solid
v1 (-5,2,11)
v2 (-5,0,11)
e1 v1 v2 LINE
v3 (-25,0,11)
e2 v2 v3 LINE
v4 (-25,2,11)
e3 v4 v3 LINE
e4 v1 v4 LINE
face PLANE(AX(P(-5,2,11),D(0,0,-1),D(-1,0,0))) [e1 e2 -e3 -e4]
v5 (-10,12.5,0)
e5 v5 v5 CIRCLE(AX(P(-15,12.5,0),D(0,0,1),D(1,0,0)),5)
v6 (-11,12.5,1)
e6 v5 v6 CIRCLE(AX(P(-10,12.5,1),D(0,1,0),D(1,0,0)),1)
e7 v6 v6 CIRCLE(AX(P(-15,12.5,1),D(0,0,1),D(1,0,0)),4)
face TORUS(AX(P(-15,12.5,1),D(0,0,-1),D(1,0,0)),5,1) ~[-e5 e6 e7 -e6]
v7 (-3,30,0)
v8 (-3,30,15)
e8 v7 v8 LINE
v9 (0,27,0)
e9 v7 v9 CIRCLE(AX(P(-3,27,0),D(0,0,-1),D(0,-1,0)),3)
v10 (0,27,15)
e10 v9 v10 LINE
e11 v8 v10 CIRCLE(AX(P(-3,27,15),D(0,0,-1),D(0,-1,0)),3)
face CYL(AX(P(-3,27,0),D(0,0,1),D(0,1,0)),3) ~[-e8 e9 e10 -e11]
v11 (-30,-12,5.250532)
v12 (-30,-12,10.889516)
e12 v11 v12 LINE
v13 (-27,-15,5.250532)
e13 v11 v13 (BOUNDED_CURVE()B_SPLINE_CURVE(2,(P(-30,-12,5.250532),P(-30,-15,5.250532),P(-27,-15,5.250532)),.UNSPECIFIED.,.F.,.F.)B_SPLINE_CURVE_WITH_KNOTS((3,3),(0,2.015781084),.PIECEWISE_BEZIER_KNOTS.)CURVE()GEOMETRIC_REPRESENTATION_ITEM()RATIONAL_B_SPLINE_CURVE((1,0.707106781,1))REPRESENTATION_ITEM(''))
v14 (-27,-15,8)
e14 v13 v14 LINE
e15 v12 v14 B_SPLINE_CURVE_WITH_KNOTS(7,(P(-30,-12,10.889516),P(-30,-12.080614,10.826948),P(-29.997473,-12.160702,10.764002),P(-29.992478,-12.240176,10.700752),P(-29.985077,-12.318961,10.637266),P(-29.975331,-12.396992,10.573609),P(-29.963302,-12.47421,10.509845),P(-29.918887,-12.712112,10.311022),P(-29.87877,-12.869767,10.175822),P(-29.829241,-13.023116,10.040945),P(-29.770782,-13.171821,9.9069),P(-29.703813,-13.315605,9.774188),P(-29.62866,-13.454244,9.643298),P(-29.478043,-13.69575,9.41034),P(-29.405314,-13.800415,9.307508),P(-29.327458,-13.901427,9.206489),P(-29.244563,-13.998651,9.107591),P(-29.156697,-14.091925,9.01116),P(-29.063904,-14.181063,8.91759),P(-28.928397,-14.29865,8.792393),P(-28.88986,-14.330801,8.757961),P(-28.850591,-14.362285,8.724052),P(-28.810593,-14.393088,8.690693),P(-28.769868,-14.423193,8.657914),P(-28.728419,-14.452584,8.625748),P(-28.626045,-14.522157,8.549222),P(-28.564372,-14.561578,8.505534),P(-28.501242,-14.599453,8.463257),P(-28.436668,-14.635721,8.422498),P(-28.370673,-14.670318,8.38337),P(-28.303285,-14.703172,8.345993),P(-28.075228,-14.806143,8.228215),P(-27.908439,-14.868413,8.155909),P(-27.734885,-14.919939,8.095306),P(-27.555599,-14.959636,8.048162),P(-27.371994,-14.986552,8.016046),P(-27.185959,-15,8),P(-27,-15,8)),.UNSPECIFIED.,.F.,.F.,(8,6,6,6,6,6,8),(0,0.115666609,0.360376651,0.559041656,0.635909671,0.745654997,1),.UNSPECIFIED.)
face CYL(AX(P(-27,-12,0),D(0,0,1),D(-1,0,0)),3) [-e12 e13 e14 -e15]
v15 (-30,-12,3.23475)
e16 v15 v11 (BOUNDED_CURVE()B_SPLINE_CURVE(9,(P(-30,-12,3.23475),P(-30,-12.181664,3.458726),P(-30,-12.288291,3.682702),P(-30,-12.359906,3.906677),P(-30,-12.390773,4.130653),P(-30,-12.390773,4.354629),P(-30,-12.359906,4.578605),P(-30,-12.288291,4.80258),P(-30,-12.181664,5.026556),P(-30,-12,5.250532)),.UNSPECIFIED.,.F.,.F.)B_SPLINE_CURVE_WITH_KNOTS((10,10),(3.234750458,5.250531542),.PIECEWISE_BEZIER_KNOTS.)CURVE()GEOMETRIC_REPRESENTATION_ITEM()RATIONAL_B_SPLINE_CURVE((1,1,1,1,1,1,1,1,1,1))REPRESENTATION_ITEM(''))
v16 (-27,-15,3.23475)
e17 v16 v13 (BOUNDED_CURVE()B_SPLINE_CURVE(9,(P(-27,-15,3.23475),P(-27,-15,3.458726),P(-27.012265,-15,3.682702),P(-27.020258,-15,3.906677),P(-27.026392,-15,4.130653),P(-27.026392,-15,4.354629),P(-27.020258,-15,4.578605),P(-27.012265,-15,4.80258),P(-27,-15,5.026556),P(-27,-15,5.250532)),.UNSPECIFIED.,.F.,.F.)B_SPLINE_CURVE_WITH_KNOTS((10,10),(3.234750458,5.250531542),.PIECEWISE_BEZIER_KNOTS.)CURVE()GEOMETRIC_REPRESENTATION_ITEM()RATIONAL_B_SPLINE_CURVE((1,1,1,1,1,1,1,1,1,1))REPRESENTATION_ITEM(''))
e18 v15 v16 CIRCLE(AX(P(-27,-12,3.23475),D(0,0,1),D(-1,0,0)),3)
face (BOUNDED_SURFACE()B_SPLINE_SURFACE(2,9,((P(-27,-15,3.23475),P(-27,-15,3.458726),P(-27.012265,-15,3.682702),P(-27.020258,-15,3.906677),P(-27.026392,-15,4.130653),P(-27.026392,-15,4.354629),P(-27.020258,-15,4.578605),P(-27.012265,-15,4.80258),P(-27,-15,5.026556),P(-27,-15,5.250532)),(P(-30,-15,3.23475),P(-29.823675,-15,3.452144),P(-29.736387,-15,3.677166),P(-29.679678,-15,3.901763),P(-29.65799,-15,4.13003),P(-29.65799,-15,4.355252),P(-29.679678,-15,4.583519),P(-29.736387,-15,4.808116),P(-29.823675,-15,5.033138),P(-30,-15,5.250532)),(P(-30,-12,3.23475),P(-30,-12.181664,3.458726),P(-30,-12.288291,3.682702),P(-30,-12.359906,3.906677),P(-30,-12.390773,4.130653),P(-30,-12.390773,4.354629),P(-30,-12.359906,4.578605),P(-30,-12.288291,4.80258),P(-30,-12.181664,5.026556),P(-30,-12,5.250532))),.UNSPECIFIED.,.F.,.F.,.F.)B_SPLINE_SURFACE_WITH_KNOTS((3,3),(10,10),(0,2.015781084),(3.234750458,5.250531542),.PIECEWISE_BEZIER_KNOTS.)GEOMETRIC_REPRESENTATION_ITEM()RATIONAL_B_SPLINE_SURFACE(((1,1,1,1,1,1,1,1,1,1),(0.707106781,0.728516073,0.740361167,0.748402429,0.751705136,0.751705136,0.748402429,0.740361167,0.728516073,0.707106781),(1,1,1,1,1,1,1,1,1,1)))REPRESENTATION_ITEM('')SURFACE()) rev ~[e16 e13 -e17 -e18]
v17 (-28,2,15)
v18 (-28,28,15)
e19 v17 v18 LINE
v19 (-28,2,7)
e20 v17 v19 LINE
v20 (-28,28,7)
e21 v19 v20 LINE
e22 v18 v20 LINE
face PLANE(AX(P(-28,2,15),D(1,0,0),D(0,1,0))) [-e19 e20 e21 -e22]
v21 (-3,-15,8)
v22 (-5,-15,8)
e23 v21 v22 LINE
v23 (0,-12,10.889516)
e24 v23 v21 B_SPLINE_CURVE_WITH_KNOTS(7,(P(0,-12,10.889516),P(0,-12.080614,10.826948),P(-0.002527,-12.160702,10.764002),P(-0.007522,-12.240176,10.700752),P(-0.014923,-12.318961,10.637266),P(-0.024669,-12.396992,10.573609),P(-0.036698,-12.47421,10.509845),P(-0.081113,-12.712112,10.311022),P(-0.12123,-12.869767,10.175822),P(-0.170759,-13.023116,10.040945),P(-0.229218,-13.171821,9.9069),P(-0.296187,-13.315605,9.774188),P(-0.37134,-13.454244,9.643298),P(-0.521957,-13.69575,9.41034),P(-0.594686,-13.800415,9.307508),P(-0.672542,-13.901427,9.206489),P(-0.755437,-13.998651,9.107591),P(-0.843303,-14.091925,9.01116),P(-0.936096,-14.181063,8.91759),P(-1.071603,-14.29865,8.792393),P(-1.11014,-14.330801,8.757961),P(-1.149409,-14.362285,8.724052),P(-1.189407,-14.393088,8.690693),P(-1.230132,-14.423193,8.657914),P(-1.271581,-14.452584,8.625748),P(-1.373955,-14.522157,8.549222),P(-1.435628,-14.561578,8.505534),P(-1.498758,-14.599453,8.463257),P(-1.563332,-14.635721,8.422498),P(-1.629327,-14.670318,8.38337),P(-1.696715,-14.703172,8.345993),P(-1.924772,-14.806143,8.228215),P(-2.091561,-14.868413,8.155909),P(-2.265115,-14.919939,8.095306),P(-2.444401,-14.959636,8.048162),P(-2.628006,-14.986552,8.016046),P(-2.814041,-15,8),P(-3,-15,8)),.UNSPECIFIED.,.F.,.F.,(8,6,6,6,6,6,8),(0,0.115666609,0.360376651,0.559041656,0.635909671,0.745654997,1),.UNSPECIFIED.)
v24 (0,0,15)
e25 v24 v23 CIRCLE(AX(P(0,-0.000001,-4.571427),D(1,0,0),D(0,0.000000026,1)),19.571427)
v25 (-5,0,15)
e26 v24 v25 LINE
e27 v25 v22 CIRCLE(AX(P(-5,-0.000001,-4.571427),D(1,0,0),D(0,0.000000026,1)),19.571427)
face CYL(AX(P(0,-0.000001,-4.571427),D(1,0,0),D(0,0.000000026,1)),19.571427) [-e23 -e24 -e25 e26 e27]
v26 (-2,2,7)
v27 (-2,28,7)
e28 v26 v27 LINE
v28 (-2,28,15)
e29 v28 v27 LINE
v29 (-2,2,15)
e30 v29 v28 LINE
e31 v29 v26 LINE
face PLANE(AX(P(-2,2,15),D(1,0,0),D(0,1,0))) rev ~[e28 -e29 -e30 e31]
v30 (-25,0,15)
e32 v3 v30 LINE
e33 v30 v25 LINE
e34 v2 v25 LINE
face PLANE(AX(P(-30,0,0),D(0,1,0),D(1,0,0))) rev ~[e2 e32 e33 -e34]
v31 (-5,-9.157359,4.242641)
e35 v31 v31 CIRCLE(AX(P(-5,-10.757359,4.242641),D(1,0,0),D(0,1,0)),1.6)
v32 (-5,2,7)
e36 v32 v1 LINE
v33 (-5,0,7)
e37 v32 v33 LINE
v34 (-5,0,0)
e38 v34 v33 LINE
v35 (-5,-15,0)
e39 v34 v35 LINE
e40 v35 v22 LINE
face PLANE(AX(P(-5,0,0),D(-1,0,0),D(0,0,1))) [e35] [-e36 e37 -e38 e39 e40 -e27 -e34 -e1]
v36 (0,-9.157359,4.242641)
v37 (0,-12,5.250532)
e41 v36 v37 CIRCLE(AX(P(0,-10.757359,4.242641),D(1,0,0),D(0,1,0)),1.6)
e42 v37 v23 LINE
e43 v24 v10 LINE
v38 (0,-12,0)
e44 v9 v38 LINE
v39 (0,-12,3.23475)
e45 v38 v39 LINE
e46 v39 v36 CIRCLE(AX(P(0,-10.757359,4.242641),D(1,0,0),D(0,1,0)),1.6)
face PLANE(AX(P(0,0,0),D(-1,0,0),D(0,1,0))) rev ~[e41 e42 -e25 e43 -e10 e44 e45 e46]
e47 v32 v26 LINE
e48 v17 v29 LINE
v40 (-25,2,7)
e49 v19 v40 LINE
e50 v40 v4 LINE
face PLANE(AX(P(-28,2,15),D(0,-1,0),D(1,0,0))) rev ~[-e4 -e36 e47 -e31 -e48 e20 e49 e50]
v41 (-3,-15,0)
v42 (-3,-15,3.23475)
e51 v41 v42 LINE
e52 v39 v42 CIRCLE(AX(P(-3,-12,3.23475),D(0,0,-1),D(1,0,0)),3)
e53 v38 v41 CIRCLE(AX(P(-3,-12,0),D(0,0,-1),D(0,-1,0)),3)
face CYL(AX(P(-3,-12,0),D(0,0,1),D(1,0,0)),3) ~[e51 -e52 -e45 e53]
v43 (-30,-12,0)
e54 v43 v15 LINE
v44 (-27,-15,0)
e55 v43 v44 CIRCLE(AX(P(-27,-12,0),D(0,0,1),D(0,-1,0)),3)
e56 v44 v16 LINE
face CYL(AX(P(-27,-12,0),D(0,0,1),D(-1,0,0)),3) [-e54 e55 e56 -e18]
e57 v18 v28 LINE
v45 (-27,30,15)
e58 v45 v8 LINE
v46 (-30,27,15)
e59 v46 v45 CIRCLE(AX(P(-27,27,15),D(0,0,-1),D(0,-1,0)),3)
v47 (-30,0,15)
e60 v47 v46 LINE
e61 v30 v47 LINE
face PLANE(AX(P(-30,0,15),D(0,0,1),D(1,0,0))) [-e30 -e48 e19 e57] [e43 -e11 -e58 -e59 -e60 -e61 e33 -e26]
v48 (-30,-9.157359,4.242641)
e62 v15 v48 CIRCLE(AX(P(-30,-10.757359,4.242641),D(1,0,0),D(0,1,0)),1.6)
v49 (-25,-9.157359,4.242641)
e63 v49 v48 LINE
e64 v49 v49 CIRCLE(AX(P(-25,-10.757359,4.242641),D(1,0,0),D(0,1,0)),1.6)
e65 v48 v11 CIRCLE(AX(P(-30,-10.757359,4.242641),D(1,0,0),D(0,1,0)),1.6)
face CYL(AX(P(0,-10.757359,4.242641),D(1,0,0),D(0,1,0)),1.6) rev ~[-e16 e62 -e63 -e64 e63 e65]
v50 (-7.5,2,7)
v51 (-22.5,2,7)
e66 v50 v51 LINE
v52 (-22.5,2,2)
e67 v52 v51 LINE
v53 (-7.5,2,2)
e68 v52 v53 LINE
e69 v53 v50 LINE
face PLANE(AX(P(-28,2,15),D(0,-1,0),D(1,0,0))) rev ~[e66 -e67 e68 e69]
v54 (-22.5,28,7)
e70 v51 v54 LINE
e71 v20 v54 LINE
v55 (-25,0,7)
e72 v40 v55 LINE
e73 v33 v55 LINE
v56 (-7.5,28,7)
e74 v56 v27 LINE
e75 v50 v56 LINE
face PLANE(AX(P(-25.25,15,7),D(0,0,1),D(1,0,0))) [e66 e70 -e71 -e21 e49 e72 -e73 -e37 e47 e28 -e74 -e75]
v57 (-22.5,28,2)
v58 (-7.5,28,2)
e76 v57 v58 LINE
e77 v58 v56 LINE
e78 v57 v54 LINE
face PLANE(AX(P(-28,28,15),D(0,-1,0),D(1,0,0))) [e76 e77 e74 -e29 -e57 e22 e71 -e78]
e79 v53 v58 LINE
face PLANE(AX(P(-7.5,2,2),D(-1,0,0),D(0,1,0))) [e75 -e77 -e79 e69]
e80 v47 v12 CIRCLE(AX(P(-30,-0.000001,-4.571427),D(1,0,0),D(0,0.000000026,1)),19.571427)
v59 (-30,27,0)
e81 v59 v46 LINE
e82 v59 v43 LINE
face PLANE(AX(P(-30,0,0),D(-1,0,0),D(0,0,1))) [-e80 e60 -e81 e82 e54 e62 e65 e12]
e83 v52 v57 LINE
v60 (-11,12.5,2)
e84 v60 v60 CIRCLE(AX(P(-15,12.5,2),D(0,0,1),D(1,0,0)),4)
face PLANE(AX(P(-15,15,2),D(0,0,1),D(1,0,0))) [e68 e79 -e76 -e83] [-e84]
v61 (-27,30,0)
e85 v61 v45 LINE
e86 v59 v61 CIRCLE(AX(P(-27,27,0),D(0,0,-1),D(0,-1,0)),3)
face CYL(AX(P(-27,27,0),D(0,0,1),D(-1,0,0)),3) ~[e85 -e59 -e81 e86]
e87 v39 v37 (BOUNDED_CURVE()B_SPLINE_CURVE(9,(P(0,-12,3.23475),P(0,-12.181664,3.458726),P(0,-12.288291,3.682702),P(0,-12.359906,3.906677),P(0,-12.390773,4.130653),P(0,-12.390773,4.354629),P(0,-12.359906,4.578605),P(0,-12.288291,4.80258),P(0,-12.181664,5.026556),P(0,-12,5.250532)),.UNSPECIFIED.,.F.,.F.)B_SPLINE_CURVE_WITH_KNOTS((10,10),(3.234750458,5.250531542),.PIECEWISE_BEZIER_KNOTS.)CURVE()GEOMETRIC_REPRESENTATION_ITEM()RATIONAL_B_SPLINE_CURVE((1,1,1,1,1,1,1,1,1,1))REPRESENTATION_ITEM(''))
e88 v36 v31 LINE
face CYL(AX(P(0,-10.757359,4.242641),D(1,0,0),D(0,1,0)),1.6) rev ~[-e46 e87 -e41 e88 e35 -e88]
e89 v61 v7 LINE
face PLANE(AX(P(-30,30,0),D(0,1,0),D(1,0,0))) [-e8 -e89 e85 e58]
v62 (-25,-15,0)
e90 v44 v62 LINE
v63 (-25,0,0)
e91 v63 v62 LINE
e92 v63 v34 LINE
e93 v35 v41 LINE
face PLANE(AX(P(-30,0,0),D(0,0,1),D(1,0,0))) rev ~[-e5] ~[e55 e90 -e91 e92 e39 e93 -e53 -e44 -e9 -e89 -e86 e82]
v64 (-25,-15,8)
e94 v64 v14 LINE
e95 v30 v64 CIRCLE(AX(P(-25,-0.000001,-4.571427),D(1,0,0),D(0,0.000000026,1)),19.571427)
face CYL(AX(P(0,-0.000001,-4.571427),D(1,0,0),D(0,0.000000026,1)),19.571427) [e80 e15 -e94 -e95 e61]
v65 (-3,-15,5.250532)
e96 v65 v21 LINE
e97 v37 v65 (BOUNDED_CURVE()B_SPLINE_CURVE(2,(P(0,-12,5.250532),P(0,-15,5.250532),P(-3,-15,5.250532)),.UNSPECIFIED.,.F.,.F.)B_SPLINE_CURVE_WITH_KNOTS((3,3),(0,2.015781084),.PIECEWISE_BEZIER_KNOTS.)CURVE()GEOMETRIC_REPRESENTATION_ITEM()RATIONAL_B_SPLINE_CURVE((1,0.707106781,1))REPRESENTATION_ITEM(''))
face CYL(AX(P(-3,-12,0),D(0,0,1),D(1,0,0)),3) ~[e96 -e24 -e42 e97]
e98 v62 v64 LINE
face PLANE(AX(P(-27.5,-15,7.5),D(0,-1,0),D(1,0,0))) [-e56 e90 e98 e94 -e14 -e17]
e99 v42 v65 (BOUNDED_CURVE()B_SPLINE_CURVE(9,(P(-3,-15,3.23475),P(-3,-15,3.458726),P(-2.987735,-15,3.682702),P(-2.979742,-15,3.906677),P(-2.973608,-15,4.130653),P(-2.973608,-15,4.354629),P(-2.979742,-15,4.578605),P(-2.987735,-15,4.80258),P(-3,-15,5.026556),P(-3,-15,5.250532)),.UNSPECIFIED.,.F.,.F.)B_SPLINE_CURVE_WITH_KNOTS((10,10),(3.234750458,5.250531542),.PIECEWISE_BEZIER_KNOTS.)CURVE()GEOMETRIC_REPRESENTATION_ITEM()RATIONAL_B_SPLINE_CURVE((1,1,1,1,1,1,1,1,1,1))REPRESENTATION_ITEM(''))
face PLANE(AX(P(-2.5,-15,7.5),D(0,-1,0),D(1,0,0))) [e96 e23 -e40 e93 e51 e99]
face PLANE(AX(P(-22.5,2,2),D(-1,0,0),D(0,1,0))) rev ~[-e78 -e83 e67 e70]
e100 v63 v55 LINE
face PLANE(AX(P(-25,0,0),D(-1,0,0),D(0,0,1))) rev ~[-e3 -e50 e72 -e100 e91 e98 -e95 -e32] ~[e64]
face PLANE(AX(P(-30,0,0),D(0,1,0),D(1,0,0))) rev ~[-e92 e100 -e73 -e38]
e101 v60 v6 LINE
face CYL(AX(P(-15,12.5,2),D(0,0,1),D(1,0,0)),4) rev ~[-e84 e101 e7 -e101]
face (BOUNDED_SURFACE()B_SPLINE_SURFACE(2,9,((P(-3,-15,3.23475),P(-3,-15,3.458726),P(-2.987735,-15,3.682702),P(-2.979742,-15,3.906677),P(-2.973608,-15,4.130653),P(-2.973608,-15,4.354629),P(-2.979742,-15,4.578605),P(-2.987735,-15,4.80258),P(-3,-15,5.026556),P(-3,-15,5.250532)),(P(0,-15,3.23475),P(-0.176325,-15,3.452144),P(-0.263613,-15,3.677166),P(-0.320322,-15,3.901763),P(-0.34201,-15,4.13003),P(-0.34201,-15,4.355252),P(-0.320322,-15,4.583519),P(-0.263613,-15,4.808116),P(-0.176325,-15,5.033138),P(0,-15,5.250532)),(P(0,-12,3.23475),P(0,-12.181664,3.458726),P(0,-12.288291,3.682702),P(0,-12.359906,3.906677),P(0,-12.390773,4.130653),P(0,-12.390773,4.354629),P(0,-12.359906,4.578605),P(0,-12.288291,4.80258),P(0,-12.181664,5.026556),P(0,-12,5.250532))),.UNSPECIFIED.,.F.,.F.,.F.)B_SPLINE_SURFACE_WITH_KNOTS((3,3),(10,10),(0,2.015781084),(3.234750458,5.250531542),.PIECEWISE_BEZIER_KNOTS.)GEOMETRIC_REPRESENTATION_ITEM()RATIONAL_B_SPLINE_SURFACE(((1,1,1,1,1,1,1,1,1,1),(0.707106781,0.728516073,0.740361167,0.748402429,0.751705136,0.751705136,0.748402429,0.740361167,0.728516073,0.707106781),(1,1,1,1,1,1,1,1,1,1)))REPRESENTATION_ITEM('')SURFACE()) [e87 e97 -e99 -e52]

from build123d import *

# Parameters (mm, degrees)
SKETCH_W        = 30
SKETCH_H        = 30
PAD_DEPTH       = 15
SKETCH001_W     = 26
SKETCH001_H     = 26
POCKET_DEPTH    = 13
SKETCH002_W     = 5.5
SKETCH002_H     = 26
PAD001_DEPTH    = 5
SKETCH003_W     = 20
SKETCH003_H     = 4
POCKET001_DEPTH = 5
SKETCH004_R     = 4
POCKET002_DEPTH = 5
SKETCH005_W     = 5
SKETCH005_H     = 15
PAD002_DEPTH    = 15
SKETCH006_R     = 1.6
POCKET003_DEPTH = 30.001
FILLET_R        = 3
FILLET001_R     = 3
FILLET002_R     = 1


with BuildPart() as part:
    # Sketch → Pad (new body)
    with BuildSketch(Plane.XY):
        with Locations((-15, 15)):
            Rectangle(SKETCH_W, SKETCH_H)
    extrude(amount=PAD_DEPTH)

    # Sketch001 (on Face6 of Pad) → Pocket (cut)
    with BuildSketch(Plane.XY.offset(15)):
        with Locations((-15, 15)):
            Rectangle(SKETCH001_W, SKETCH001_H)
    extrude(amount=-POCKET_DEPTH, mode=Mode.SUBTRACT)

    # Sketch002 (on Face11 of Pocket) → Pad001 (join)
    with BuildSketch(Plane.XY.offset(2)):
        with Locations((-25.25, 15)):
            Rectangle(SKETCH002_W, SKETCH002_H)
        with Locations((-4.75, 15)):
            Rectangle(SKETCH002_W, SKETCH002_H)
    extrude(amount=PAD001_DEPTH)

    # Sketch003 (on Face9 of Pad001) → Pocket001 (cut)
    with BuildSketch(Plane(origin=(0, 2, 0), x_dir=(-1, 0, 0), z_dir=(0, 1, 0))):
        with Locations((15, 9)):
            Rectangle(SKETCH003_W, SKETCH003_H)
    extrude(amount=-POCKET001_DEPTH, mode=Mode.SUBTRACT)

    # Sketch004 (on Face19 of Pocket001) → Pocket002 (cut)
    with BuildSketch(Plane.XY.offset(2)):
        with Locations((-15, 12.5)):
            Circle(SKETCH004_R)
    extrude(amount=-POCKET002_DEPTH, mode=Mode.SUBTRACT)

    # Sketch005 (on Face1 of Pocket002) → Pad002 (join)
    with BuildSketch(Plane.XZ):
        with Locations((-27.5, 7.5)):
            Rectangle(SKETCH005_W, SKETCH005_H)
        with Locations((-2.5, 7.5)):
            Rectangle(SKETCH005_W, SKETCH005_H)
    extrude(amount=PAD002_DEPTH)

    # Sketch006 (on Face22 of Pad002) → Pocket003 (cut, through all)
    with BuildSketch(Plane.YZ):
        with Locations((-10.757359, 4.242641)):
            Circle(SKETCH006_R)
        with BuildLine():
            ThreePointArc((0, 15), (-8.276473, 13.16387), (-15, 8))
            Line((-15, 8), (-15, 15))
            Line((-15, 15), (0, 15))
        make_face()
    extrude(amount=-POCKET003_DEPTH, mode=Mode.SUBTRACT)

    # Fillet
    fillet_edges = [part.edges().sort_by_distance(p)[0] for p in [
        (-30, 30, 7.5),
        (0, 30, 7.5),
    ]]
    fillet(fillet_edges, radius=FILLET_R)

    # Fillet001
    fillet001_edges = [part.edges().sort_by_distance(p)[0] for p in [
        (-30, -15, 4),
        (0, -15, 4),
    ]]
    fillet(fillet001_edges, radius=FILLET001_R)

    # Fillet002
    fillet002_edges = [part.edges().sort_by_distance(p)[0] for p in [
        (-19, 12.5, 0),
    ]]
    fillet(fillet002_edges, radius=FILLET002_R)


solid = part.part
